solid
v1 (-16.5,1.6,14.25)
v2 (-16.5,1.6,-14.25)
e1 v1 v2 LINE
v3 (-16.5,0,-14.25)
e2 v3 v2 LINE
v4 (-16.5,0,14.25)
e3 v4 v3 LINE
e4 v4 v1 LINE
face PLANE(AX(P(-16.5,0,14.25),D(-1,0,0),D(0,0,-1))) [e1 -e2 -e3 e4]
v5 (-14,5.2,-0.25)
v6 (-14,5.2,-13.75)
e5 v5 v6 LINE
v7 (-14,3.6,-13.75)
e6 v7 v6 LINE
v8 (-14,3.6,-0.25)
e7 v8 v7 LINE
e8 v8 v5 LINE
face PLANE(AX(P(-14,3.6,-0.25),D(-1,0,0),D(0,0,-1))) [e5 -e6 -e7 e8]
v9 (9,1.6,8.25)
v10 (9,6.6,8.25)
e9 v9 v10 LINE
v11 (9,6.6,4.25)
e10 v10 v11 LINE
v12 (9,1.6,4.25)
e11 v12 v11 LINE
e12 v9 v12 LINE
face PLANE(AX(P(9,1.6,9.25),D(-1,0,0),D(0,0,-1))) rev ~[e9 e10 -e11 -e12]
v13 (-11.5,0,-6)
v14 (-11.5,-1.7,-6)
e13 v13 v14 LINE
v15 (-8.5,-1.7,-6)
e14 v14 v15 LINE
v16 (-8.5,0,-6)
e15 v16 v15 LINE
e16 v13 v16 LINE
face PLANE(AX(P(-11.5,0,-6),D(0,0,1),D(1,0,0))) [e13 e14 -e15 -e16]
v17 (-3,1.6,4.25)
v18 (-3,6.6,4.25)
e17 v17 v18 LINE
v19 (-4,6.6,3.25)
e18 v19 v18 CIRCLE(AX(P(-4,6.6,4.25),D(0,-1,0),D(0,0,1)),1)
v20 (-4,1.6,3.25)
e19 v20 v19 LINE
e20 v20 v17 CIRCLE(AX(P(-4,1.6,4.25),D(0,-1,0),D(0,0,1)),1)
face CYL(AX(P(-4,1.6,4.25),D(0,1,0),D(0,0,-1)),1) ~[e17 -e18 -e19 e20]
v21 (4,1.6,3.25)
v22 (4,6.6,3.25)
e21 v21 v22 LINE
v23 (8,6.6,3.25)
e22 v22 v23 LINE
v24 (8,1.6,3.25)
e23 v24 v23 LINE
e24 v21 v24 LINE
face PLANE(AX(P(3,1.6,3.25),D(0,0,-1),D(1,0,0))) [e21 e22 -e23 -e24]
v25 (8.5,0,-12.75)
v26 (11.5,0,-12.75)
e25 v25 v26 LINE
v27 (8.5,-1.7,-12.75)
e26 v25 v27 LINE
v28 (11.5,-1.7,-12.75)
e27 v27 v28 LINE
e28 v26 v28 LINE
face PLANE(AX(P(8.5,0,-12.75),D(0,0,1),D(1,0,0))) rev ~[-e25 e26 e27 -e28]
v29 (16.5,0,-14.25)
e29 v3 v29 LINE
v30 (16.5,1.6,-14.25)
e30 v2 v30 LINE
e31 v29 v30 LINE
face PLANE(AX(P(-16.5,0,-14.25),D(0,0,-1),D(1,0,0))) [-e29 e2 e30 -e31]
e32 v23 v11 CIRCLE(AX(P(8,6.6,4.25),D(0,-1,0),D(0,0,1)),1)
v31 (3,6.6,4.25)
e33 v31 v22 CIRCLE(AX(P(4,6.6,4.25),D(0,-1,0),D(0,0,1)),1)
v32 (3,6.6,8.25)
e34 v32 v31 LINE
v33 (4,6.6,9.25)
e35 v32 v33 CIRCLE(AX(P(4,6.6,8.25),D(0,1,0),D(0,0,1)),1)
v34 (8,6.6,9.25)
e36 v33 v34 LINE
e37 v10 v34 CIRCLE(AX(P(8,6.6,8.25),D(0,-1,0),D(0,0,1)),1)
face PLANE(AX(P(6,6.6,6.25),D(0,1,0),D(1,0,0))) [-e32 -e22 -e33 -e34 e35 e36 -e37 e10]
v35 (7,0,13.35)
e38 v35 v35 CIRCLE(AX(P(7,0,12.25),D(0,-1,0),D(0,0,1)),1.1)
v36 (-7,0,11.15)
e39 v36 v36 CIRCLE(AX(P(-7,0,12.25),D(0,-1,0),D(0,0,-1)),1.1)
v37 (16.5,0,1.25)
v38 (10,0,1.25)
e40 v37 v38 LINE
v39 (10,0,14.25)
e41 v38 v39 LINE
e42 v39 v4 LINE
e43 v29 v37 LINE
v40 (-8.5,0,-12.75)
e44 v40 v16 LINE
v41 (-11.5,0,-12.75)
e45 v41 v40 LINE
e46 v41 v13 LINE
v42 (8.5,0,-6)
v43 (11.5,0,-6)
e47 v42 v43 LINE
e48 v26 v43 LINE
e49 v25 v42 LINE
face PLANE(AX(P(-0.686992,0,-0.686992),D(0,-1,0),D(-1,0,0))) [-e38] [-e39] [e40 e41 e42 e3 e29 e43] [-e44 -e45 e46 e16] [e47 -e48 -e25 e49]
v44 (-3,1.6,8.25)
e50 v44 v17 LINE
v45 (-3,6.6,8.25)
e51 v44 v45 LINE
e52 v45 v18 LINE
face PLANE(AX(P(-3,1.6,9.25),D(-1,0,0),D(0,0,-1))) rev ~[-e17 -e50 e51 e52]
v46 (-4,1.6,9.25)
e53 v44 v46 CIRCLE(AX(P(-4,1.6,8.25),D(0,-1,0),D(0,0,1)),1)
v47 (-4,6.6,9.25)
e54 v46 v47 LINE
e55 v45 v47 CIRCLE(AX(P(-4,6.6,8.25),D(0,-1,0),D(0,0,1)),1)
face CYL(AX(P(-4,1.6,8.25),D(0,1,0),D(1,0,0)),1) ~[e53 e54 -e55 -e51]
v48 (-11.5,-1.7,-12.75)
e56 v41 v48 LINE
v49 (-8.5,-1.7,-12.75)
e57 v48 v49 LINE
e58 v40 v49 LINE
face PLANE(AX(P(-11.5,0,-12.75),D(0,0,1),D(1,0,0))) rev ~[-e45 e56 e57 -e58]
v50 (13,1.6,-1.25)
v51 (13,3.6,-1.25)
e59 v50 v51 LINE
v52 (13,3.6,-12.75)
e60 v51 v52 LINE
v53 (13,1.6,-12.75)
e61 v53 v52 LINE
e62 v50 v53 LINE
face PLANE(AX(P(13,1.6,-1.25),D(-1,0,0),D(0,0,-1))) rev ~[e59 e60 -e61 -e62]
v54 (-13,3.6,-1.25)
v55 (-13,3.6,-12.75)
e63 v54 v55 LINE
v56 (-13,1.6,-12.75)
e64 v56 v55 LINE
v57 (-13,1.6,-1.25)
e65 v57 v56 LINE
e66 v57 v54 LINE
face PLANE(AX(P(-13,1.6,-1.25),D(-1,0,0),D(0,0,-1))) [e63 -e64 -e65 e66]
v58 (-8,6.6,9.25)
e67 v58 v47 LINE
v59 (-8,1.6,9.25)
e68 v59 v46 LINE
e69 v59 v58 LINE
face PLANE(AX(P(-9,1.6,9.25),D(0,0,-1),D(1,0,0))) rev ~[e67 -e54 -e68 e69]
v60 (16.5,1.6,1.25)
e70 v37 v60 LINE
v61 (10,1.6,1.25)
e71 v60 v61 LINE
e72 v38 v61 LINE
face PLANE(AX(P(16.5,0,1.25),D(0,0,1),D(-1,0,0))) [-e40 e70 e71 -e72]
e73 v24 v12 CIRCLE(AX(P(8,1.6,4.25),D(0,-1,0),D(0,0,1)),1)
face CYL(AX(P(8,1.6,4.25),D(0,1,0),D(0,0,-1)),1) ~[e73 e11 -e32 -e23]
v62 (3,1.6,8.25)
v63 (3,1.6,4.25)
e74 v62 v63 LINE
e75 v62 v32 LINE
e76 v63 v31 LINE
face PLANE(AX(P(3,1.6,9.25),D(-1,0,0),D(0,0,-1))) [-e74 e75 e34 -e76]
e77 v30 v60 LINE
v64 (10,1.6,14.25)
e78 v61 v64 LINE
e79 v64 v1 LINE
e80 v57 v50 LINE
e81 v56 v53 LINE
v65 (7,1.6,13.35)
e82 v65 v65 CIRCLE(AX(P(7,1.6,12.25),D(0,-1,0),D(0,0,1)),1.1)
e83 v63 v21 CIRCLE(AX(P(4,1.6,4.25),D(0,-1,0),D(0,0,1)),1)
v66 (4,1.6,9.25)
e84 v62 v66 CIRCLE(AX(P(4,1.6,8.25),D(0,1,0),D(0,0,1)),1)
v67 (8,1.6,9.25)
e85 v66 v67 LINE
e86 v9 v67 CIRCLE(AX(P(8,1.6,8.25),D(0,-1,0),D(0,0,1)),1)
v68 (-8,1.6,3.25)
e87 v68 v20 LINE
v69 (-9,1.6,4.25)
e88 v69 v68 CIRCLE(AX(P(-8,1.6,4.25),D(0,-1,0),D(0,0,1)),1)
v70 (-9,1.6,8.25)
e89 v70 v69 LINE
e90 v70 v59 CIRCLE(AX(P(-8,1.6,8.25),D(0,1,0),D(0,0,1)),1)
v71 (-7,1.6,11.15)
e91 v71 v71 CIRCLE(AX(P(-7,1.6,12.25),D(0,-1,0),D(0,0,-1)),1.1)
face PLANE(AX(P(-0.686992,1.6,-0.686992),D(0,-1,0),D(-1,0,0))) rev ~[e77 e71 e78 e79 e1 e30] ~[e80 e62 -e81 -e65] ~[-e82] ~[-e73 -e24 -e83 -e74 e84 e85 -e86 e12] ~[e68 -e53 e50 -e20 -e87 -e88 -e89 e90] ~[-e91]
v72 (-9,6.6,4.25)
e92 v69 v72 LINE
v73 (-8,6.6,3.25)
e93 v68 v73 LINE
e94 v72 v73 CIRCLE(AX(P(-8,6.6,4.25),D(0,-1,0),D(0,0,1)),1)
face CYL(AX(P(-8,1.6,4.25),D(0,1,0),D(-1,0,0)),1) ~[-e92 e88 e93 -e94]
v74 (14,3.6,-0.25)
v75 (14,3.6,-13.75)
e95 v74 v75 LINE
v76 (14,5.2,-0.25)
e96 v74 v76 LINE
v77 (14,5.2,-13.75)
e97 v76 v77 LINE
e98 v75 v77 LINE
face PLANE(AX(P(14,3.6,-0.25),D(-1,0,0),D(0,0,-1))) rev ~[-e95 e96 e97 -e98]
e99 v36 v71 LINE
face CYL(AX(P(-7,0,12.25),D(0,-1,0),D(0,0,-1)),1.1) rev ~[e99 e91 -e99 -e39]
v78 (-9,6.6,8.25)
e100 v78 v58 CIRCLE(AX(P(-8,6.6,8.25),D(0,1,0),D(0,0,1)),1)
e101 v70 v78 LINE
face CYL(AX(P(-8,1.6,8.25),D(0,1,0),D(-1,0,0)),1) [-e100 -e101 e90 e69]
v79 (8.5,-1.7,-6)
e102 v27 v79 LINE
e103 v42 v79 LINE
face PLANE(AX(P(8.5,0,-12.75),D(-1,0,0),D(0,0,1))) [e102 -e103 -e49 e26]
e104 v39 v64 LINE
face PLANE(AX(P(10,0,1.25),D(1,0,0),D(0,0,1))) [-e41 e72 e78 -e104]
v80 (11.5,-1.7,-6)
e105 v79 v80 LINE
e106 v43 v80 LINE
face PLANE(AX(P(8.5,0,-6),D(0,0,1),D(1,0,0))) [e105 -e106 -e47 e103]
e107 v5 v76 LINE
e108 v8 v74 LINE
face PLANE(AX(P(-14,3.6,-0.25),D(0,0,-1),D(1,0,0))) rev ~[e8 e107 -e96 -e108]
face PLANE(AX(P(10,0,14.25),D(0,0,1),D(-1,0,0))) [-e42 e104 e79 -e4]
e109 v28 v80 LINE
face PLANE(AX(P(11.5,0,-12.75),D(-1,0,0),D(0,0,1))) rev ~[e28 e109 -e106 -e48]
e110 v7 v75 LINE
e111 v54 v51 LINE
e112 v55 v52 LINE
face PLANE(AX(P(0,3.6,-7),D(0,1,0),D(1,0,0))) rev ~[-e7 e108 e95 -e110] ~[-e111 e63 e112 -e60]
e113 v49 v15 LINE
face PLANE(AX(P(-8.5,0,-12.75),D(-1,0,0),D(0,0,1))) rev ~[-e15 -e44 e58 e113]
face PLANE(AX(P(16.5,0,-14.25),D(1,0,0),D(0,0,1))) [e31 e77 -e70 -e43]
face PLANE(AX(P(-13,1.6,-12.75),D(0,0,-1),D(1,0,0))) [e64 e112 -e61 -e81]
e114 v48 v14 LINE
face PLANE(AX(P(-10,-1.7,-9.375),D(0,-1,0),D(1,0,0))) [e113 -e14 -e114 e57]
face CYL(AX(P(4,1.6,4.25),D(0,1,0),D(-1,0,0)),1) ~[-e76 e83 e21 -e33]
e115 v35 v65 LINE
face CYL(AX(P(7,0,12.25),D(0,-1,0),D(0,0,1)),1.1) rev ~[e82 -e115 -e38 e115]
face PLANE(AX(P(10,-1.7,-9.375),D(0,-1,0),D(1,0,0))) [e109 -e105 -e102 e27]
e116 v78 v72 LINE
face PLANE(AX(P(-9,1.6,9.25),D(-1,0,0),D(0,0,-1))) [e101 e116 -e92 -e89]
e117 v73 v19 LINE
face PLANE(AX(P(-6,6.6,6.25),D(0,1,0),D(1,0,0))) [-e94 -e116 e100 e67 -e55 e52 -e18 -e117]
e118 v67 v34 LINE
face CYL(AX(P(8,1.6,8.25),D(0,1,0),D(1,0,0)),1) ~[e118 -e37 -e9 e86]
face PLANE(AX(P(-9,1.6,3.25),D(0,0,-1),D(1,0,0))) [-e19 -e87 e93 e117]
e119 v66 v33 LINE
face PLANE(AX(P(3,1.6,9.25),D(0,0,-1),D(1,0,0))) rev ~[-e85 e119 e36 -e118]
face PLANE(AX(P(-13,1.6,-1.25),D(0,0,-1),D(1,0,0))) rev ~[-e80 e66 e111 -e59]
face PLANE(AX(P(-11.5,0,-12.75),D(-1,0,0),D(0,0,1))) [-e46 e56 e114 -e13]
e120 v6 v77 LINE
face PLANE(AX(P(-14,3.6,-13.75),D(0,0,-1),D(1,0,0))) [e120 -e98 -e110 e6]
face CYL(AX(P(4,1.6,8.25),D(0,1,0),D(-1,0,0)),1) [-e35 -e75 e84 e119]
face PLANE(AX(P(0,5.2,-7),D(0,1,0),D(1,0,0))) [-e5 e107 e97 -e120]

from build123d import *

# Parameters (mm, degrees)
EXTRUDE_1_DEPTH     = 1.6
SKETCH_4_W          = 3
SKETCH_4_H          = 6.75
EXTRUDE_2_DEPTH     = 1.7
SKETCH_5_R          = 1.1
CUT_EXTRUDE_1_DEPTH = 22.867841686
SKETCH_6_W          = 6
SKETCH_6_H          = 6
EXTRUDE_3_DEPTH     = 5
FILLET_1_R          = 1
EXTRUDE_START       = 2
SKETCH_7_W          = 28
SKETCH_7_H          = 13.5
EXTRUDE_4_DEPTH     = 1.6
SKETCH_8_W          = 26
SKETCH_8_H          = 11.5
EXTRUDE_5_DEPTH     = 2


with BuildPart() as part:
    # 草图1 → 凸台-拉伸1 (new body)
    with BuildSketch(Plane(origin=(0, 0, 0), x_dir=(1, 0, 0), z_dir=(0, 1, 0))):
        Polygon((16.5, -1.25), (10, -1.25), (10, -14.25), (-16.5, -14.25), (-16.5, 14.25), (16.5, 14.25), align=None)
    extrude(amount=EXTRUDE_1_DEPTH)

    # 草图4 → 凸台-拉伸2 (add)
    with BuildSketch(Plane.XZ):
        with Locations((-10, -9.375)):
            Rectangle(SKETCH_4_W, SKETCH_4_H)
        with Locations((10, -9.375)):
            Rectangle(SKETCH_4_W, SKETCH_4_H)
    extrude(amount=EXTRUDE_2_DEPTH)

    # 草图5 → 切除-拉伸1 (cut, through all)
    with BuildSketch(Plane(origin=(0, 0, 0), x_dir=(-1, 0, 0), z_dir=(0, -1, 0))):
        with Locations(Location((7, -12.25, 0), (0, 0, 90))):
            Circle(SKETCH_5_R)
        with Locations(Location((-7, -12.25, 0), (0, 0, 270))):
            Circle(SKETCH_5_R)
    extrude(amount=-CUT_EXTRUDE_1_DEPTH, mode=Mode.SUBTRACT)

    # 草图6 → 凸台-拉伸3 (add)
    with BuildSketch(Plane(origin=(0, 1.6, 0), x_dir=(1, 0, 0), z_dir=(0, 1, 0))):
        with Locations((6, -6.25)):
            Rectangle(SKETCH_6_W, SKETCH_6_H)
        with Locations((-6, -6.25)):
            Rectangle(SKETCH_6_W, SKETCH_6_H)
    extrude(amount=EXTRUDE_3_DEPTH)

    # 圆角1
    fillet_1_edges = [part.edges().sort_by_distance(p)[0] for p in [
        (3, 4.1, 3.25),
        (3, 4.1, 9.25),
        (9, 4.1, 9.25),
        (9, 4.1, 3.25),
        (-3, 4.1, 9.25),
        (-3, 4.1, 3.25),
        (-9, 4.1, 3.25),
        (-9, 4.1, 9.25),
    ]]
    fillet(fillet_1_edges, radius=FILLET_1_R)



with BuildPart() as body_2:
    # 草图7 → 凸台-拉伸4 (new body)
    with BuildSketch(Plane(origin=(0, 1.6, 0), x_dir=(1, 0, 0), z_dir=(0, 1, 0)).offset(EXTRUDE_START)):
        with Locations((0, 7)):
            Rectangle(SKETCH_7_W, SKETCH_7_H)
    extrude(amount=EXTRUDE_4_DEPTH)


with BuildPart() as part_1:
    add(part.part)

    add(body_2.part)  # 凸台-拉伸5 merges body 2
    # 草图8 → 凸台-拉伸5 (add)
    with BuildSketch(Plane(origin=(0, 1.6, 0), x_dir=(1, 0, 0), z_dir=(0, 1, 0))):
        with Locations((0, 7)):
            Rectangle(SKETCH_8_W, SKETCH_8_H)
    extrude(amount=EXTRUDE_5_DEPTH)


solid = part_1.part
